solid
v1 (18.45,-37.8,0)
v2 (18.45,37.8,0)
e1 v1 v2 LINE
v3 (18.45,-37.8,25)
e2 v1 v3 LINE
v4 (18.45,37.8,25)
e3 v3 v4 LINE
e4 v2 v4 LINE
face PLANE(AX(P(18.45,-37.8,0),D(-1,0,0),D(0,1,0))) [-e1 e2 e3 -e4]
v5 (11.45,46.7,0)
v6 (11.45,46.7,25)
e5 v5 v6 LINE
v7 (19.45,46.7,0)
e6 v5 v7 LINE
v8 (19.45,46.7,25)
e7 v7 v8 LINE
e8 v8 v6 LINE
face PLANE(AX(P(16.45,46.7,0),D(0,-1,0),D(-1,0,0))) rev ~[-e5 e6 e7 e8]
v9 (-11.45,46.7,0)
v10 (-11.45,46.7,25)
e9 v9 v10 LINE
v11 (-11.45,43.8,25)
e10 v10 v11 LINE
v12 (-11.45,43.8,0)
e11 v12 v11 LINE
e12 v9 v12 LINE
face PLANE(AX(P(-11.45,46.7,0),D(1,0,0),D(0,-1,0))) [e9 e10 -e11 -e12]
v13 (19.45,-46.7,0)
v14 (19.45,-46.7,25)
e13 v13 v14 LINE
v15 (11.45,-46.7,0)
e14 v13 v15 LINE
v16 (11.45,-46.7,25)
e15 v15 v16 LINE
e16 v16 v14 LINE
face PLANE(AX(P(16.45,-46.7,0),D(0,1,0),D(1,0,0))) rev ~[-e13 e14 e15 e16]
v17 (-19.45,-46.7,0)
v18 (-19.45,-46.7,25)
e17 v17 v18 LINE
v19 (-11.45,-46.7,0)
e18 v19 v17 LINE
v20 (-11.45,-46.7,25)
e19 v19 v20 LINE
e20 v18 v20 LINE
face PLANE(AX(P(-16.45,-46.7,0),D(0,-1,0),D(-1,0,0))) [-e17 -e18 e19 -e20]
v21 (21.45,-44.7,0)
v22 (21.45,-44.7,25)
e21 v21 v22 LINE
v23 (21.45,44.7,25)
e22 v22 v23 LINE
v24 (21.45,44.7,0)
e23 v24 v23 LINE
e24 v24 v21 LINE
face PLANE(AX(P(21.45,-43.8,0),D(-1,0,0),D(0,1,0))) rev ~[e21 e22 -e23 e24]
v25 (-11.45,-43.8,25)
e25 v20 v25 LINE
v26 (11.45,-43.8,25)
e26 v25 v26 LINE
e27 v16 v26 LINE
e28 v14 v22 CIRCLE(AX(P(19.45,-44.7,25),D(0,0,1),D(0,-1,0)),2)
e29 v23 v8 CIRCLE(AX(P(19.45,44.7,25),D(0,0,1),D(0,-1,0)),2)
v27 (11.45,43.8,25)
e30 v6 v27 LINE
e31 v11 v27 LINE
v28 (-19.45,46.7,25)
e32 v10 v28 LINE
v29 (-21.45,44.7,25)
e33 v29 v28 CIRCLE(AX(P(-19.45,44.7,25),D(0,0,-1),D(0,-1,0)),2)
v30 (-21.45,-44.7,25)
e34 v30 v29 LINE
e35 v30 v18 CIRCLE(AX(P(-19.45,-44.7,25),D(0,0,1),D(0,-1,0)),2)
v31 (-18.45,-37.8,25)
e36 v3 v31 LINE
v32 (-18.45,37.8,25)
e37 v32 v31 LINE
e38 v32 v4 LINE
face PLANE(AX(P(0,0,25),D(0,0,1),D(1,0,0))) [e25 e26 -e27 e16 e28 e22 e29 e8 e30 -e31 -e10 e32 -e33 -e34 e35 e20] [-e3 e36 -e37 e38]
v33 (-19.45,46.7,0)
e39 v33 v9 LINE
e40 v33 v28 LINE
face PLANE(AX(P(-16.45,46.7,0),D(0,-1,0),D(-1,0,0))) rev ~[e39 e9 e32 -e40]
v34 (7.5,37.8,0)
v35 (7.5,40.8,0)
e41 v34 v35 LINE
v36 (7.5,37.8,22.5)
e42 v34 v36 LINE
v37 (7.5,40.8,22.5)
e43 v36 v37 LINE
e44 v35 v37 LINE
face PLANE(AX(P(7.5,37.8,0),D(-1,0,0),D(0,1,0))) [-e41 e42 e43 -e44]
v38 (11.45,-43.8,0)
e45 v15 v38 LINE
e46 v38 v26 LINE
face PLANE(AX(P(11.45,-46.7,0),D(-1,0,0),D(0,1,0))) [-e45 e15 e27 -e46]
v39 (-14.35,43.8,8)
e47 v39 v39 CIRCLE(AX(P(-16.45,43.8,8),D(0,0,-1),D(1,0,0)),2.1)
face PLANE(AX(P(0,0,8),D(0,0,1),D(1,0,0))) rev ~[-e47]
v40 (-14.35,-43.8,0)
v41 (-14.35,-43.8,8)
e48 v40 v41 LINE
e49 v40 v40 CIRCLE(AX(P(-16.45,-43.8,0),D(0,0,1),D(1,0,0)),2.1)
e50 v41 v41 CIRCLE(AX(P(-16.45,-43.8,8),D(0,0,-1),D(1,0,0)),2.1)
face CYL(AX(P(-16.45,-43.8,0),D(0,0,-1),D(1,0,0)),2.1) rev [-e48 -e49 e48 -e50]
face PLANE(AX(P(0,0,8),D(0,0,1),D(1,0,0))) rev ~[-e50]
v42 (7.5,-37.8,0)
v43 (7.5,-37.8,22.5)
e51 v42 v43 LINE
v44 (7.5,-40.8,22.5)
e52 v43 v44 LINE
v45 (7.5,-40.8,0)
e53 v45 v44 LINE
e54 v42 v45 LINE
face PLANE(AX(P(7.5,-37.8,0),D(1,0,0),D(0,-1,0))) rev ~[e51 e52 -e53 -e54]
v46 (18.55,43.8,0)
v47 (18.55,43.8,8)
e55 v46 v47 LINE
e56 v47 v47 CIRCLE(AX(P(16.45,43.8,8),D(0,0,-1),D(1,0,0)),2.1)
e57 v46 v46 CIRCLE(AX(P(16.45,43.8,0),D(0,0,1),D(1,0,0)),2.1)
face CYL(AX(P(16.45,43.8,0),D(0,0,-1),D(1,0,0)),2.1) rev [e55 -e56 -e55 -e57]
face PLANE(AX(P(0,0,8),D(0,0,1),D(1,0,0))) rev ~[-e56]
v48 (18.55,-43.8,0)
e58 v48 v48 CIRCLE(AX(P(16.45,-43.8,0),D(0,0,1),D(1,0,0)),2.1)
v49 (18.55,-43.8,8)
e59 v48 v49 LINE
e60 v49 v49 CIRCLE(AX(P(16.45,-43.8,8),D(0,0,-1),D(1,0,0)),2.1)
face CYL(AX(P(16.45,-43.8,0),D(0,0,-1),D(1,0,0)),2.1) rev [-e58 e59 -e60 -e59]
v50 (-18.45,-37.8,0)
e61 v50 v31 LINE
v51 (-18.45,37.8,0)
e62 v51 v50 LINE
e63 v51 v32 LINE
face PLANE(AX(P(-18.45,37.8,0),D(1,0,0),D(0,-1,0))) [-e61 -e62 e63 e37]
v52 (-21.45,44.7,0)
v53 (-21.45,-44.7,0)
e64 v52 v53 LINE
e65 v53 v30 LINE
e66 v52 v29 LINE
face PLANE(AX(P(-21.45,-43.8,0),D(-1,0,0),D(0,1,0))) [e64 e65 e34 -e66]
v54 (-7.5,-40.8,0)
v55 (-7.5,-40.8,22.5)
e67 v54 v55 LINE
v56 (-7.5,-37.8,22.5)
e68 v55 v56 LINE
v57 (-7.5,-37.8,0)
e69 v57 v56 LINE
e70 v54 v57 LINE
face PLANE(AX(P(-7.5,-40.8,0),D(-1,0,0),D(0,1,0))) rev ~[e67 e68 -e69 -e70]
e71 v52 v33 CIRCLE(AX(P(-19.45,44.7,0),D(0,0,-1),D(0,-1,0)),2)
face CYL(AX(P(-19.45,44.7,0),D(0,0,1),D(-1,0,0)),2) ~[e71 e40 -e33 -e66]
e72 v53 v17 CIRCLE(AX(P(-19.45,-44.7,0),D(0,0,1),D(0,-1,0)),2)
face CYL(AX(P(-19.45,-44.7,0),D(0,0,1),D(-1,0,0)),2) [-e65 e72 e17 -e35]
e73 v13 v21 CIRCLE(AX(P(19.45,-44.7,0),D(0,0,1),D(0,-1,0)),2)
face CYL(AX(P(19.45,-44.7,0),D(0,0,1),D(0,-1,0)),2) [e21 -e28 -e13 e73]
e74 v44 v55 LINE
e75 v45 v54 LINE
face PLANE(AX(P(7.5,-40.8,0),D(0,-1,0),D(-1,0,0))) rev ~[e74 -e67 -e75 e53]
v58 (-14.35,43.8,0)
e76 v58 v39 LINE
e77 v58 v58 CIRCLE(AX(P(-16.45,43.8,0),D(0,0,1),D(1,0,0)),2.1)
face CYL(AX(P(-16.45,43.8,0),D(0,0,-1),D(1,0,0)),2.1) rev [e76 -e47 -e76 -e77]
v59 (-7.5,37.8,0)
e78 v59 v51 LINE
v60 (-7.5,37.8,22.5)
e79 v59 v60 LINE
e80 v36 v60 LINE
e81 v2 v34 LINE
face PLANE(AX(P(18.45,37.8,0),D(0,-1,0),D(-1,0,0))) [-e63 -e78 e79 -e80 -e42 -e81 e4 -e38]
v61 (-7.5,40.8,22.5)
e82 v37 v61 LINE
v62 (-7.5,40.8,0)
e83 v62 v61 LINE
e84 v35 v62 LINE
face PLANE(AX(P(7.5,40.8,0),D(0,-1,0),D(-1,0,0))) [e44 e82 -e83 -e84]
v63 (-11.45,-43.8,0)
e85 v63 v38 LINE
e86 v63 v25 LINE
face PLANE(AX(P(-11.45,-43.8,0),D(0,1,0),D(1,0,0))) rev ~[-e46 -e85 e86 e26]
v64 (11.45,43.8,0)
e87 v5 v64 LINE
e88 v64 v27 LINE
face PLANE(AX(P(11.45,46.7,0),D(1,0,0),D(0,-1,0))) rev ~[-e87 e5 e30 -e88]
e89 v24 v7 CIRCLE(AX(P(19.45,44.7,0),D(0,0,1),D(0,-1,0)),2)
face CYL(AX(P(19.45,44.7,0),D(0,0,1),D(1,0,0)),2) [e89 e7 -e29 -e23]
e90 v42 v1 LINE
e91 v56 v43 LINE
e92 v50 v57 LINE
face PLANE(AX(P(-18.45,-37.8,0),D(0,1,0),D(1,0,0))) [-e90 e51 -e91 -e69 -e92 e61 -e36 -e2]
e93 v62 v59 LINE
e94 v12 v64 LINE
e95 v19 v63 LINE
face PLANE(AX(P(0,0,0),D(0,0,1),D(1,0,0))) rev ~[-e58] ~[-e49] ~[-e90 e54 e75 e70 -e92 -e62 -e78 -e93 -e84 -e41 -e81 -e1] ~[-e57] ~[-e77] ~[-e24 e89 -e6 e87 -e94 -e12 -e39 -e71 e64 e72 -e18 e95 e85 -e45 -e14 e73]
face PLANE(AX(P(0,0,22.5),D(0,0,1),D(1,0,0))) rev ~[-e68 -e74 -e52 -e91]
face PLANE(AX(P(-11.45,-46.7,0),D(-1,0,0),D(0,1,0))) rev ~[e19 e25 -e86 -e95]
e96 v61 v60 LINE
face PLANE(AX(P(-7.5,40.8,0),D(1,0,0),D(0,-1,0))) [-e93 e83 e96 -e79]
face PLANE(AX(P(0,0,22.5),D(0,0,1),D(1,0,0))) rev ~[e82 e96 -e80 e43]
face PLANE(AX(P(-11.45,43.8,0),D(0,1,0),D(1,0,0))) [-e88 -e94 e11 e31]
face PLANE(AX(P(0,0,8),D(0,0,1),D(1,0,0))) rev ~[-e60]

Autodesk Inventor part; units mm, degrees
ref_plane "YZ Plane" through (0, 0, 0) normal (1, 0, 0) x (0, 1, 0)
ref_plane "XZ Plane" through (0, 0, 0) normal (0, 1, 0) x (-1, 0, 0)
ref_plane "XY Plane" through (0, 0, 0) normal (0, 0, 1) x (1, 0, 0)
sketch "Эскиз1" plane through (0, 0, 0) normal (0, 0, 1) x (1, 0, 0)
  line L0 (-18.25, -37.6) -> (18.25, -37.6)
  line L1 (18.25, -37.6) -> (18.25, 37.6)
  line L2 (18.25, 37.6) -> (-18.25, 37.6)
  line L3 (-18.25, 37.6) -> (-18.25, -37.6)
  line L4 (-18.25, 0) -> (18.25, 0) construction
  line L5 (0, 37.6) -> (0, -37.6) construction
  line L6 (-18.45, -37.8) -> (18.45, -37.8)
  line L7 (18.45, -37.8) -> (18.45, 37.8)
  line L8 (18.45, 37.8) -> (-18.45, 37.8)
  line L9 (-18.45, 37.8) -> (-18.45, -37.8)
  line L10 (-7.5, -37.8) -> (7.5, -37.8)
  line L11 (7.5, -37.8) -> (7.5, -40.8)
  line L12 (7.5, -40.8) -> (-7.5, -40.8)
  line L13 (-7.5, -40.8) -> (-7.5, -37.8)
  line L14 (-18.45, -37.8) -> (-18.45, -43.8)
  line L15 (-18.45, -43.8) -> (18.45, -43.8)
  line L16 (18.45, -43.8) -> (18.45, -37.8)
  line L17 (-18.45, 37.8) -> (-18.45, 43.8)
  line L18 (-18.45, 43.8) -> (18.45, 43.8)
  line L19 (18.45, 43.8) -> (18.45, 37.8)
  line L20 (-18.45, -43.8) -> (-21.45, -43.8)
  line L21 (-21.45, -43.8) -> (-21.45, 43.8)
  line L22 (-21.45, 43.8) -> (-18.45, 43.8)
  line L23 (-18.45, 43.8) -> (-18.45, -43.8)
  line L24 (18.45, 37.8) -> (18.45, 43.8)
  line L25 (21.45, -43.8) -> (21.45, 43.8)
  line L26 (21.45, 43.8) -> (18.45, 43.8)
  line L27 (18.45, 43.8) -> (18.45, -43.8)
  line L28 (7.5, 37.8) -> (7.5, 40.8)
  line L29 (7.5, 40.8) -> (-7.5, 40.8)
  line L30 (-7.5, 40.8) -> (-7.5, 37.8)
  line L31 (-21.45, -43.8) -> (-11.45, -43.8)
  line L32 (18.45, -43.8) -> (21.45, -43.8)
  line L33 (21.45, -43.8) -> (11.45, -43.8)
  line L34 (16.45, 46.7) -> (21.45, 46.7)
  line L35 (16.45, 46.7) -> (11.45, 46.7)
  line L36 (11.45, 46.7) -> (11.45, 43.8)
  line L37 (21.45, 46.7) -> (21.45, 43.8)
  line L38 (11.45, 43.8) -> (16.45, 43.8)
  circle A0 centre (16.45, 43.8) radius 2.1
  line L39 (-16.45, 46.7) -> (-21.45, 46.7)
  line L40 (-16.45, 46.7) -> (-11.45, 46.7)
  line L41 (-11.45, 46.7) -> (-11.45, 43.8)
  line L42 (-21.45, 46.7) -> (-21.45, 43.8)
  circle A1 centre (-16.45, 43.8) radius 2.1
  line L43 (16.45, -46.7) -> (21.45, -46.7)
  line L44 (16.45, -46.7) -> (11.45, -46.7)
  line L45 (11.45, -46.7) -> (11.45, -43.8)
  line L46 (21.45, -46.7) -> (21.45, -43.8)
  circle A2 centre (16.45, -43.8) radius 2.1
  line L47 (-11.45, -46.7) -> (-11.45, -43.8)
  line L48 (-16.45, -46.7) -> (-11.45, -46.7)
  line L49 (-16.45, -46.7) -> (-21.45, -46.7)
  line L50 (-21.45, -46.7) -> (-21.45, -43.8)
  circle A3 centre (-16.45, -43.8) radius 2.1
  point P0 (0, 0)
  point P1 (0, 0)
  point P2 (-1.9914, -32.8601)
  point P3 (0, -37.8)
  dimension "d0" = 36.5
  dimension "d1" = 75.2
  dimension "d4" = 36.9
  dimension "d5" = 75.6
  dimension "d6" = 15
  dimension "d7" = 3
  dimension "d9" = 6
  dimension "d10" = 3
  dimension "d18" = 5
  dimension "d19" = 4.2
extrude "Выдавливание1" add sketch "Эскиз1" along normal blind 25 contours L14 A3 L20 L21 L22 A1 L17 L9 | L6 L13 L12 L11 L16 A2 L15 A3 L14 | L6 L11 L12 L13 | L17 A1 L18 A0 L19 L8 L28 L29 L30 | A3 L15 L14 | L14 L20 A3 | L30 L29 L28 L8 | A1 L22 L17 | L17 L18 A1 | L15 A3 L20 | L15 L47 L48 L49 L50 L20 A3 | L7 L19 A0 L26 L25 L32 A2 L16 | L22 A1 L18 | L22 L42 L39 L40 L41 L18 A1 | A2 L32 L16 | L16 L15 A2 | L15 A2 L32 L46 L43 L44 L45 | A0 L18 L19 | L19 L26 A0 | L32 A2 L15 | L36 L35 L34 L37 L26 A0 L18 | L18 A0 L26
extrude "Выдавливание2" cut sketch "Эскиз1" along normal blind 8 contours A3 L15 L14 | L14 L20 A3 | A1 L22 L17 | L17 L18 A1 | L15 A3 L20 | L22 A1 L18 | A2 L32 L16 | L16 L15 A2 | A0 L18 L19 | L19 L26 A0 | L32 A2 L15 | L18 A0 L26
extrude "Выдавливание3" cut sketch "Эскиз1" along normal blind 22.5 contours L6 L11 L12 L13 | L30 L29 L28 L8
fillet "Сопряжение1" radius 2 4 edges at (21.45, -46.7, 12.5) (-21.45, -46.7, 12.5) (-21.45, 46.7, 12.5) (21.45, 46.7, 12.5)
properties part number "fast_akkum"
